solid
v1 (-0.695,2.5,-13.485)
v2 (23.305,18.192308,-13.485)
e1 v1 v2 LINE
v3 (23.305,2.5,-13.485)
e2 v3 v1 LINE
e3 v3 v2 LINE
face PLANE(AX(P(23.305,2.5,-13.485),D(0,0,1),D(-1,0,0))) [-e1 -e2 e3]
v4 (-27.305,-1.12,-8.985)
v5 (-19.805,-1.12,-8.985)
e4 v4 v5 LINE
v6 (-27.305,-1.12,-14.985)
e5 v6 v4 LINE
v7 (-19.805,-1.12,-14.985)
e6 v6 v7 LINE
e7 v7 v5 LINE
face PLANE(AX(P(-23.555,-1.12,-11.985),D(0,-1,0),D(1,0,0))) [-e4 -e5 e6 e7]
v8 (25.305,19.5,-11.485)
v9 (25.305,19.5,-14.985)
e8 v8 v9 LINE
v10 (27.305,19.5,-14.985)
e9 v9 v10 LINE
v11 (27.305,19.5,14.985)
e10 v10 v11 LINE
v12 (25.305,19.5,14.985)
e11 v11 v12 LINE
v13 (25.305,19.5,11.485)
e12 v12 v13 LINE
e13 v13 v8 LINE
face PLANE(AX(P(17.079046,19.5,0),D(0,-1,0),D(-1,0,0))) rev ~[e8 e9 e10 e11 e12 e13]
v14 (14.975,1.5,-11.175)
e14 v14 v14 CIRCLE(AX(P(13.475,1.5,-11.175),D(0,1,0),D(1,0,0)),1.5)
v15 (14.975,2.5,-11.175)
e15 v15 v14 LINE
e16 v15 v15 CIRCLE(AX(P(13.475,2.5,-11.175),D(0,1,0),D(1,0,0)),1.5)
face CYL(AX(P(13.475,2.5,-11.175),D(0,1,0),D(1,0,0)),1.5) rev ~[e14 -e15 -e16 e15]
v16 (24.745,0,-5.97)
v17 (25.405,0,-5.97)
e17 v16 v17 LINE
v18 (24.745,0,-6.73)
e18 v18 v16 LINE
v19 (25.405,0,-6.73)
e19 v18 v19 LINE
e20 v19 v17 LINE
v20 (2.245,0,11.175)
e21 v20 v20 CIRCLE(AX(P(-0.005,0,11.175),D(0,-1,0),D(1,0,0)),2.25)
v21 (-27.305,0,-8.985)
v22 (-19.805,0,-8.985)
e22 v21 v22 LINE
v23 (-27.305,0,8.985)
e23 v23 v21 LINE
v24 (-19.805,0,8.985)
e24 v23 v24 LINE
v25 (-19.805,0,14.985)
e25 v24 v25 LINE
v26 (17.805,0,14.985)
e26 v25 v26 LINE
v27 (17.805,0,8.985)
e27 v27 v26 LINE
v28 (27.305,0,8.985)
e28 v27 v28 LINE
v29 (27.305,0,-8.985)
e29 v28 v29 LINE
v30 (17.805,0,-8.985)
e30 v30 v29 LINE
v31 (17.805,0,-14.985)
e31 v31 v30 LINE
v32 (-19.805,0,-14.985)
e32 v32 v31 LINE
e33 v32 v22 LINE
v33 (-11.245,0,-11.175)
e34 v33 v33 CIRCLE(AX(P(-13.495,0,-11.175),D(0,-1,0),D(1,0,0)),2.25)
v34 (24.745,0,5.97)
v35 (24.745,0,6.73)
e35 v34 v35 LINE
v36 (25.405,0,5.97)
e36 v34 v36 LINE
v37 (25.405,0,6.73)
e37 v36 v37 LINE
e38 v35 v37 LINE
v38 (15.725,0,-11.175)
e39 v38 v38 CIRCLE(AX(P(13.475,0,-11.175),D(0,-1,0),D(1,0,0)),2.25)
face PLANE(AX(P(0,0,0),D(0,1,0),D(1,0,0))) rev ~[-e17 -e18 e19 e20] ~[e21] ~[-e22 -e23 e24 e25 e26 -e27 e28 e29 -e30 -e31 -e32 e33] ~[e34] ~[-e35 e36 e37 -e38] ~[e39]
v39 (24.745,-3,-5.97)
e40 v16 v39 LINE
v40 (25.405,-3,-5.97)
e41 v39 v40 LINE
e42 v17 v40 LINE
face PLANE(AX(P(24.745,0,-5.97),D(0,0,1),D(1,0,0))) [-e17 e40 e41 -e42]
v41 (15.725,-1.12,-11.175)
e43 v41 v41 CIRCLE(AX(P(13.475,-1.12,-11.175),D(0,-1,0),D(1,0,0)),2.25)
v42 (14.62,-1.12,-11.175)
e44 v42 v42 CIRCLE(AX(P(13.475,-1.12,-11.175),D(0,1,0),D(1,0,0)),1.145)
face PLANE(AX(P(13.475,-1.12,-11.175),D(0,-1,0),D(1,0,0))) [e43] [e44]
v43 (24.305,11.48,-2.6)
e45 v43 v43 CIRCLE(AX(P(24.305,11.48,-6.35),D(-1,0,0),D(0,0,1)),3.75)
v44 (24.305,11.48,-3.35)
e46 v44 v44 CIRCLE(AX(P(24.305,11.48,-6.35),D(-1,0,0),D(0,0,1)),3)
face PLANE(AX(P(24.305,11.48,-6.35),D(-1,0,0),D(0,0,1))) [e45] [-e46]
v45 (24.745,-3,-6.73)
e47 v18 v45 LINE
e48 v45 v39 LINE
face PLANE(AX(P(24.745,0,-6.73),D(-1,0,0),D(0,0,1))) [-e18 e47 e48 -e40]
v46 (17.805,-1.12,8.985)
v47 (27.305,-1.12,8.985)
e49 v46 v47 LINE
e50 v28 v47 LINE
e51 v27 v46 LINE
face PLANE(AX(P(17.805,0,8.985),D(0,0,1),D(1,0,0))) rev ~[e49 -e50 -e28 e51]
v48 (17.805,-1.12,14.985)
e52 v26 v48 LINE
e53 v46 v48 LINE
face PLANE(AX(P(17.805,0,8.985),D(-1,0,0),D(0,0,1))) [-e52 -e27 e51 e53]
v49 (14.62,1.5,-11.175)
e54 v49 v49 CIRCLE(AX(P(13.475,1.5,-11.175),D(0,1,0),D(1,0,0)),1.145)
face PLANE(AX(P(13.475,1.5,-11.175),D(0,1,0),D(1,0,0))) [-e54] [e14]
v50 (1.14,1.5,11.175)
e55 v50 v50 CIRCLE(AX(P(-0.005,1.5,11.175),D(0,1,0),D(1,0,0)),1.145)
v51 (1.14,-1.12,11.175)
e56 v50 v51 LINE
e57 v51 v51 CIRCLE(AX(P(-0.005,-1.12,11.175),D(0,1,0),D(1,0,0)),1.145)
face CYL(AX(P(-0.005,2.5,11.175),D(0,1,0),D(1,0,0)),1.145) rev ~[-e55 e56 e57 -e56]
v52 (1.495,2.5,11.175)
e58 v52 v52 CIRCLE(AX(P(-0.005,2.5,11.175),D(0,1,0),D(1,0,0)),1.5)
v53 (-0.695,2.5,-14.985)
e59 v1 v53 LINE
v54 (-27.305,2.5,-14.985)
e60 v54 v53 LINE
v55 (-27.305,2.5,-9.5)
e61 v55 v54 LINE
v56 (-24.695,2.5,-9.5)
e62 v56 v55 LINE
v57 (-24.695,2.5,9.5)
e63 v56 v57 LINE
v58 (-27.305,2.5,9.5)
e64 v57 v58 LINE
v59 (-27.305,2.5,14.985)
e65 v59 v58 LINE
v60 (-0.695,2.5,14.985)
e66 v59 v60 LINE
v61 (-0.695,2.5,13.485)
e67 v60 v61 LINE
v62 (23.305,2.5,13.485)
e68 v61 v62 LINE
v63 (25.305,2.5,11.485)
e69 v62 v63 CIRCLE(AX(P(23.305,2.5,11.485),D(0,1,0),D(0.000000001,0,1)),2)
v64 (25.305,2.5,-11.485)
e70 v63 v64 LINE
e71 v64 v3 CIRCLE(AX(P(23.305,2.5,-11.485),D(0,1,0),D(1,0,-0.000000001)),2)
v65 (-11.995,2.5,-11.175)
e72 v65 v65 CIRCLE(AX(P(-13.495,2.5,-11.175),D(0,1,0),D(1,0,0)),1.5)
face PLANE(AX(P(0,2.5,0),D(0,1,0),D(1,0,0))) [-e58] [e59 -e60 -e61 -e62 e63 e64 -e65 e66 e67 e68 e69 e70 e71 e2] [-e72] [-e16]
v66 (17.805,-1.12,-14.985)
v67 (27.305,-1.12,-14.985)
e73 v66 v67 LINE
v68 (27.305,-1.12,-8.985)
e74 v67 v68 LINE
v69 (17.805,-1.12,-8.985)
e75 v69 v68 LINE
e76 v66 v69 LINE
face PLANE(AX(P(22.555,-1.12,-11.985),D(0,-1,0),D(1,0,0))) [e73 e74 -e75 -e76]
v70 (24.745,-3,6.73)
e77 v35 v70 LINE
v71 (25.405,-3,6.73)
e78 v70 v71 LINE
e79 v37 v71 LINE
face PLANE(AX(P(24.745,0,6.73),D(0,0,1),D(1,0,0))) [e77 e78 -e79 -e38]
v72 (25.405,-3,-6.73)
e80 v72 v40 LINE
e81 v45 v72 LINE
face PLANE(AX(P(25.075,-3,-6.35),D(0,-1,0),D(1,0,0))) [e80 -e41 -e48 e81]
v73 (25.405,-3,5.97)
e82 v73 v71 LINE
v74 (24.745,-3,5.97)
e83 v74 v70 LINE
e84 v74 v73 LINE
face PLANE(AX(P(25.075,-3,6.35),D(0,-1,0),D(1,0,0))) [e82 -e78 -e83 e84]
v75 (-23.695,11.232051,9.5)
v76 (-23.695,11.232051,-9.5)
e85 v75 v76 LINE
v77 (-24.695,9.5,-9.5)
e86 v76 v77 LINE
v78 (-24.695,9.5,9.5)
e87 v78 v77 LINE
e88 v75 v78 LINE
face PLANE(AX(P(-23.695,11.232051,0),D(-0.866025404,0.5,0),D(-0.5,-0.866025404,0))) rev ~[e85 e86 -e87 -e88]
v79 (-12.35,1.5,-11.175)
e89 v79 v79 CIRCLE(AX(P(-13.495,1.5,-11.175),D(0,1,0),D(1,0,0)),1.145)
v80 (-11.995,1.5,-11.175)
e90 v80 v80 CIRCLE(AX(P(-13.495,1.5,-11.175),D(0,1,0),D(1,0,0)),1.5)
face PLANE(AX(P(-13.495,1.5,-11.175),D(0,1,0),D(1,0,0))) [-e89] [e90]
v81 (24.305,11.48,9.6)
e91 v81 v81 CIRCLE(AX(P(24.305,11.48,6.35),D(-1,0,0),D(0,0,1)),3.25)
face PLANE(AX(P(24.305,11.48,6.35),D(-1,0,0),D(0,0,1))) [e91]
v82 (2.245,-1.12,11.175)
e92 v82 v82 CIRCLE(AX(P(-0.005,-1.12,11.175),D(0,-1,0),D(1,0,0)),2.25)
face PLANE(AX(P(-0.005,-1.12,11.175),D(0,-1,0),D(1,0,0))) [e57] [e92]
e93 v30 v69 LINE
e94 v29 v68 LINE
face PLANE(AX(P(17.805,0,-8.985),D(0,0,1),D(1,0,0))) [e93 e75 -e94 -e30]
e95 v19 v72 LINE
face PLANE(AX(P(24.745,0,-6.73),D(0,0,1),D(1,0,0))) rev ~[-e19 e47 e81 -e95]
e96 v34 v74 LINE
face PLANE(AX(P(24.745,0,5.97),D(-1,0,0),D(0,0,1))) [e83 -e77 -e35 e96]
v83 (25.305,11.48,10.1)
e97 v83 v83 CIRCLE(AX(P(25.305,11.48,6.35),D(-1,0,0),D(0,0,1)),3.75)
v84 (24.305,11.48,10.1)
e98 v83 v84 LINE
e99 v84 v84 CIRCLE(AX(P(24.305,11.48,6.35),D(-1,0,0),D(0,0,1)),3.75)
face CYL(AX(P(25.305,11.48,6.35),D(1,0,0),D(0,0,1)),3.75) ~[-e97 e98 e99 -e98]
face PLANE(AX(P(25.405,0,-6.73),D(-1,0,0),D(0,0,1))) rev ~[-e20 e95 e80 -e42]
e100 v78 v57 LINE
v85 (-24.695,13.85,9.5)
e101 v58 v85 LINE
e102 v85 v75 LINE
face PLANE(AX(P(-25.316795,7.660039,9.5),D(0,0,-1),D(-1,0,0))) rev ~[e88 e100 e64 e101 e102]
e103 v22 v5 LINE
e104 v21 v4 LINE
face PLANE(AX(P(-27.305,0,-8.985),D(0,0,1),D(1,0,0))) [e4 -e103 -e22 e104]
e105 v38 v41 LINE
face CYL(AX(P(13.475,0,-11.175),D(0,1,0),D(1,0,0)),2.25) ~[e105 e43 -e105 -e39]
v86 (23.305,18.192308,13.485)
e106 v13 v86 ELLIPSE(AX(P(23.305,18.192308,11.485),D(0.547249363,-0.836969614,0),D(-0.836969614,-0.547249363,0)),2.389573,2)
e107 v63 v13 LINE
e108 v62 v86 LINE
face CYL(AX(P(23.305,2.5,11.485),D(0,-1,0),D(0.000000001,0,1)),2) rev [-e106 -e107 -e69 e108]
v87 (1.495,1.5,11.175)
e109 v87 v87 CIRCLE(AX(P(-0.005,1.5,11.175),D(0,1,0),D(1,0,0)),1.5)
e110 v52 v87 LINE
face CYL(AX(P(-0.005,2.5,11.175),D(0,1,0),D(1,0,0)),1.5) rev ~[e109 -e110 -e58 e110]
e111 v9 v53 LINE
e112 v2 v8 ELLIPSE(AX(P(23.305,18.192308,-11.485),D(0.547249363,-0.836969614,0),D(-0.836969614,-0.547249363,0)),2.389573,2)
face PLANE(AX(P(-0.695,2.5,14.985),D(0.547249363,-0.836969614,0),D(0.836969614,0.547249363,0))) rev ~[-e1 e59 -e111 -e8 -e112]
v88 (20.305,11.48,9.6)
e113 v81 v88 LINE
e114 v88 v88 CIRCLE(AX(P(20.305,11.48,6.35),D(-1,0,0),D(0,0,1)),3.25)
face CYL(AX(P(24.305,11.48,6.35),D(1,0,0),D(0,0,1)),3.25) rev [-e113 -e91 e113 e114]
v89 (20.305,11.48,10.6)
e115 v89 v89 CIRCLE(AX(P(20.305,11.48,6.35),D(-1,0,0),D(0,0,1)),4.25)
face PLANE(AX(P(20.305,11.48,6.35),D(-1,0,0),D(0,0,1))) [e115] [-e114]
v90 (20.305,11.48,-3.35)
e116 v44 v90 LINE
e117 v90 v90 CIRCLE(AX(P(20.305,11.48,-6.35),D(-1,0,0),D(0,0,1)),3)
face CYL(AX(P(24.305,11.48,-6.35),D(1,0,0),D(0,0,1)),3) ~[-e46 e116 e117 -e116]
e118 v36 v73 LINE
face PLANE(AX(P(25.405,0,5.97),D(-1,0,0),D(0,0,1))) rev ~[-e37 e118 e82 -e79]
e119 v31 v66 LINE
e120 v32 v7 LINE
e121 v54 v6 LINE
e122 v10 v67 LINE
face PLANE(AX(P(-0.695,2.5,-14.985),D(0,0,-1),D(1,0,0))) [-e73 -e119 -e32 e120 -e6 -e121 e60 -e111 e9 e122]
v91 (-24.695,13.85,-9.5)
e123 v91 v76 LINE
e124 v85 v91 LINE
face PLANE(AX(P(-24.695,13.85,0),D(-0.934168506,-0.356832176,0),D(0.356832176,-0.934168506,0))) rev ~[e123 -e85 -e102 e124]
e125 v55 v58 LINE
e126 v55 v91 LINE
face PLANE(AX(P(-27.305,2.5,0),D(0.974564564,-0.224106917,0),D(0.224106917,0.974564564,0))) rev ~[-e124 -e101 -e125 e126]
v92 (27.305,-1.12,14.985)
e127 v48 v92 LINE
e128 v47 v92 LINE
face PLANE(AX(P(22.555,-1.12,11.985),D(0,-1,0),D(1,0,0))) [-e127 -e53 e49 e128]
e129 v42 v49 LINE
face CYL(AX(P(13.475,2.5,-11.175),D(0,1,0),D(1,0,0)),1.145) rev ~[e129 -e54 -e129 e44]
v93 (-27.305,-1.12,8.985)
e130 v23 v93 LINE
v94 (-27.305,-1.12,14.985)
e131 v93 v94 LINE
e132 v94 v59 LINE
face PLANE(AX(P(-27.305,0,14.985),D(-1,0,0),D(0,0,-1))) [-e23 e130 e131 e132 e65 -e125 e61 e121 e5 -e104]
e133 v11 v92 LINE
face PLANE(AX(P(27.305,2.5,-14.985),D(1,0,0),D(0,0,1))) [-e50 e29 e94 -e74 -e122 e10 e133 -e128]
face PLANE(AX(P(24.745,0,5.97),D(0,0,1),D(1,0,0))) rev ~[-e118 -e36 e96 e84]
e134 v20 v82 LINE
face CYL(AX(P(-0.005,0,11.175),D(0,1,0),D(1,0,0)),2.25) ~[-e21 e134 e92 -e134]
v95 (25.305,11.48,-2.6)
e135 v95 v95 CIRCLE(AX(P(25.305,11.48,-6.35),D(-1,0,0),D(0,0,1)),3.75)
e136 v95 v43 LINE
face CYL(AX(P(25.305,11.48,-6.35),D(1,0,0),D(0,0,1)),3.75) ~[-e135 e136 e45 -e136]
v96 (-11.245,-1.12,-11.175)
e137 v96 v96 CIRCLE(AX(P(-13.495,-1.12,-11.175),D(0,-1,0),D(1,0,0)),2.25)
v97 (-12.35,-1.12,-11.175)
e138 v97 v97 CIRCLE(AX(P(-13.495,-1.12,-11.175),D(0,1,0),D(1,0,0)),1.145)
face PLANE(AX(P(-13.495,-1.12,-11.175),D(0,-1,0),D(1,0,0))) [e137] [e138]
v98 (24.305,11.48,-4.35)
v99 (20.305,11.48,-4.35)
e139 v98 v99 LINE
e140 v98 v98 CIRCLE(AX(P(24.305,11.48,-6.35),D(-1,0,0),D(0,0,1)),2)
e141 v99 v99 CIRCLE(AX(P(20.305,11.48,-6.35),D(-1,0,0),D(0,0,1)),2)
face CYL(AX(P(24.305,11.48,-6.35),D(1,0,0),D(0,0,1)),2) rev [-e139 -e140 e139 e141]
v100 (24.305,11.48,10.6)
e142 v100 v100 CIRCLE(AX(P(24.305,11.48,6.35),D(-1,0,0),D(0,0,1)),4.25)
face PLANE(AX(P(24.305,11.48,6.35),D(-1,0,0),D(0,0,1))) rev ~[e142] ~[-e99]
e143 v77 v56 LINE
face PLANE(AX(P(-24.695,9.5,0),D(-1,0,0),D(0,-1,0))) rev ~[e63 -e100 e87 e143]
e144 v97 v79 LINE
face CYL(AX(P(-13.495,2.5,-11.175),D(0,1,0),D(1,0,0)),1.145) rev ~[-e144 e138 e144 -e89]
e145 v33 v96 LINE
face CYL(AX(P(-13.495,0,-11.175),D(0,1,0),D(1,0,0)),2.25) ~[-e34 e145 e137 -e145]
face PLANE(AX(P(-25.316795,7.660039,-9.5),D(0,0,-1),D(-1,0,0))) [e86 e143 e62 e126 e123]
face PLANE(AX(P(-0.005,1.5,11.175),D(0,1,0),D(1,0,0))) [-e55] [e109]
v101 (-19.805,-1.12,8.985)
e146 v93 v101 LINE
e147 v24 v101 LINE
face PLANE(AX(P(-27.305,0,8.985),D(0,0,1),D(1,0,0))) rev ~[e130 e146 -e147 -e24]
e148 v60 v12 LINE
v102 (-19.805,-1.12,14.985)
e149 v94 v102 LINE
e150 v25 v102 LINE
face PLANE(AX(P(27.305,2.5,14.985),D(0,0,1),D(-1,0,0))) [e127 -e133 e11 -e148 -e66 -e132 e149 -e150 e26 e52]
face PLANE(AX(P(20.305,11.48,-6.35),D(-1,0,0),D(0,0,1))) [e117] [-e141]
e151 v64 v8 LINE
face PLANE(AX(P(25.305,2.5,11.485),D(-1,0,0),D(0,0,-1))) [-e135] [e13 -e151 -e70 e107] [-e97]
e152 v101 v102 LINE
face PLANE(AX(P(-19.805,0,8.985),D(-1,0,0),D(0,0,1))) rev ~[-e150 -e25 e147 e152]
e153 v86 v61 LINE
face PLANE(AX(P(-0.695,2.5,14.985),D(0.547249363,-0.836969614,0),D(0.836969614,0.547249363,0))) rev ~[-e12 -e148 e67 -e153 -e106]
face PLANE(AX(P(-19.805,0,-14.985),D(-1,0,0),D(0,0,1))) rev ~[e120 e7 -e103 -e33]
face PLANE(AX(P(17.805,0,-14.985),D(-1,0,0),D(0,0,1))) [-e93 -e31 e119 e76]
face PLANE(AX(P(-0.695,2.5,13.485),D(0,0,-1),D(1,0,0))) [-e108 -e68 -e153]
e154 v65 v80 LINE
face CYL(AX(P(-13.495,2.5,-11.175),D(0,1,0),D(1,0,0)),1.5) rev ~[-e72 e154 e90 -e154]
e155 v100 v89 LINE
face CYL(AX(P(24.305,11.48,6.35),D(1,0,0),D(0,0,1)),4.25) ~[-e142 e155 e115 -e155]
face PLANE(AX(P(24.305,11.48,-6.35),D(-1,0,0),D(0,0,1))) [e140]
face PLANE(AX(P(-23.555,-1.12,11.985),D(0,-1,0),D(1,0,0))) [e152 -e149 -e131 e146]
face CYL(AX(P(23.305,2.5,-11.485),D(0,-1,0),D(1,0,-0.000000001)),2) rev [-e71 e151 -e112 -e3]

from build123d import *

# Parameters (mm, degrees)
SKETCH_1_W           = 54.61
SKETCH_1_H           = 29.97
EXTRUDE_1_DEPTH      = 2.5
EXTRUDE_2_DEPTH      = 17
CUT_EXTRUDE_1_DEPTH  = 30.97
SKETCH_4_R           = 1.145
CUT_EXTRUDE_2_DEPTH  = 3.5
SKETCH_5_R           = 2.25
SKETCH_5_W           = 7.5
SKETCH_5_H           = 6
SKETCH_5_W_2         = 9.5
EXTRUDE_3_DEPTH      = 1.12
SKETCH_6_R           = 1.145
CUT_EXTRUDE_3_DEPTH  = 4.62
SKETCH_7_R           = 1.5
CUT_EXTRUDE_4_DEPTH  = 1
EXTRUDE_4_DEPTH      = 9.5
EXTRUDE_4_DEPTH_BACK = 9.5
SKETCH_9_W           = 0.66
SKETCH_9_H           = 0.76
EXTRUDE_5_DEPTH      = 3
SKETCH_10_R          = 3.75
EXTRUDE_6_DEPTH      = 1
SKETCH_11_R          = 3
SKETCH_11_R_2        = 2
EXTRUDE_7_DEPTH      = 4
SKETCH_12_R          = 4.25
SKETCH_12_R_2        = 3.25
EXTRUDE_8_DEPTH      = 4


with BuildPart() as part:
    # Эскиз1 → Бобышка-Вытянуть1 (new body)
    with BuildSketch(Plane(origin=(0, 0, 0), x_dir=(1, 0, 0), z_dir=(0, 1, 0))):
        Rectangle(SKETCH_1_W, SKETCH_1_H)
    extrude(amount=EXTRUDE_1_DEPTH)

    # Эскиз2 → Бобышка-Вытянуть2 (add)
    with BuildSketch(Plane(origin=(0, 2.5, 0), x_dir=(1, 0, 0), z_dir=(0, 1, 0))):
        with BuildLine():
            Line((27.305, -14.985), (-0.695, -14.985))
            Line((-0.695, -14.985), (-0.695, -13.485))
            Line((-0.695, -13.485), (23.305, -13.485))
            ThreePointArc((23.305, -13.485), (24.719213562, -12.899213562), (25.305, -11.485))
            Line((25.305, -11.485), (25.305, 11.485))
            ThreePointArc((25.305, 11.485), (24.719213562, 12.899213562), (23.305, 13.485))
            Line((23.305, 13.485), (-0.695, 13.485))
            Line((-0.695, 13.485), (-0.695, 14.985))
            Line((-0.695, 14.985), (27.305, 14.985))
            Line((27.305, 14.985), (27.305, -14.985))
        make_face()
    extrude(amount=EXTRUDE_2_DEPTH)

    # Эскиз3 → Вырез-Вытянуть1 (cut, through all)
    with BuildSketch(Plane.XY.offset(14.985)):
        Polygon((-0.695, 2.5), (25.305, 19.5), (-0.695, 19.5), align=None)
    extrude(amount=-CUT_EXTRUDE_1_DEPTH, mode=Mode.SUBTRACT)

    # Эскиз4 → Вырез-Вытянуть2 (cut, through all)
    with BuildSketch(Plane(origin=(0, 2.5, 0), x_dir=(1, 0, 0), z_dir=(0, 1, 0))):
        with Locations((-13.495, 11.175)):
            Circle(SKETCH_4_R)
        with Locations((-0.005, -11.175)):
            Circle(SKETCH_4_R)
        with Locations((13.475, 11.175)):
            Circle(SKETCH_4_R)
    extrude(amount=-CUT_EXTRUDE_2_DEPTH, mode=Mode.SUBTRACT)

    # Эскиз5 → Бобышка-Вытянуть3 (add)
    with BuildSketch(Plane.XZ):
        with Locations((-0.005, 11.175)):
            Circle(SKETCH_5_R)
        with Locations((13.475, -11.175)):
            Circle(SKETCH_5_R)
        with Locations((-13.495, -11.175)):
            Circle(SKETCH_5_R)
        with Locations((-23.555, 11.985)):
            Rectangle(SKETCH_5_W, SKETCH_5_H)
        with Locations((22.555, 11.985)):
            Rectangle(SKETCH_5_W_2, SKETCH_5_H)
        with Locations((22.555, -11.985)):
            Rectangle(SKETCH_5_W_2, SKETCH_5_H)
        with Locations((-23.555, -11.985)):
            Rectangle(SKETCH_5_W, SKETCH_5_H)
    extrude(amount=EXTRUDE_3_DEPTH)

    # Эскиз6 → Вырез-Вытянуть3 (cut, through all)
    with BuildSketch(Plane(origin=(0, 2.5, 0), x_dir=(1, 0, 0), z_dir=(0, 1, 0))):
        with Locations((-13.495, 11.175)):
            Circle(SKETCH_6_R)
        with Locations((13.475, 11.175)):
            Circle(SKETCH_6_R)
        with Locations((-0.005, -11.175)):
            Circle(SKETCH_6_R)
    extrude(amount=-CUT_EXTRUDE_3_DEPTH, mode=Mode.SUBTRACT)

    # Эскиз7 → Вырез-Вытянуть4 (cut)
    with BuildSketch(Plane(origin=(0, 2.5, 0), x_dir=(1, 0, 0), z_dir=(0, 1, 0))):
        with Locations((-13.495, 11.175)):
            Circle(SKETCH_7_R)
        with Locations((13.475, 11.175)):
            Circle(SKETCH_7_R)
        with Locations((-0.005, -11.175)):
            Circle(SKETCH_7_R)
    extrude(amount=-CUT_EXTRUDE_4_DEPTH, mode=Mode.SUBTRACT)

    # Эскиз8 → Бобышка-Вытянуть4 (add, two sides)
    with BuildSketch(Plane.XY) as extrude_4_sk:
        Polygon((-27.305, 2.5), (-24.695, 13.85), (-23.695, 11.232050808), (-24.695, 9.5), (-24.695, 2.5), align=None)
    extrude(amount=EXTRUDE_4_DEPTH)
    extrude(extrude_4_sk.sketch, amount=-EXTRUDE_4_DEPTH_BACK)

    # Эскиз9 → Бобышка-Вытянуть5 (add)
    with BuildSketch(Plane.XZ):
        with Locations((25.075, 6.35)):
            Rectangle(SKETCH_9_W, SKETCH_9_H)
        with Locations((25.075, -6.35)):
            Rectangle(SKETCH_9_W, SKETCH_9_H)
    extrude(amount=EXTRUDE_5_DEPTH)

    # Эскиз10 → Бобышка-Вытянуть6 (add)
    with BuildSketch(Plane.ZY.offset(-25.305)):
        with Locations((-6.35, 11.48)):
            Circle(SKETCH_10_R)
        with Locations((6.35, 11.48)):
            Circle(SKETCH_10_R)
    extrude(amount=EXTRUDE_6_DEPTH)

    # Эскиз11 → Бобышка-Вытянуть7 (add)
    with BuildSketch(Plane.ZY.offset(-24.305)):
        with Locations((-6.35, 11.48)):
            Circle(SKETCH_11_R)
        with Locations((-6.35, 11.48)):
            Circle(SKETCH_11_R_2, mode=Mode.SUBTRACT)
    extrude(amount=EXTRUDE_7_DEPTH)

    # Эскиз12 → Бобышка-Вытянуть8 (add)
    with BuildSketch(Plane.ZY.offset(-24.305)):
        with Locations((6.35, 11.48)):
            Circle(SKETCH_12_R)
        with Locations((6.35, 11.48)):
            Circle(SKETCH_12_R_2, mode=Mode.SUBTRACT)
    extrude(amount=EXTRUDE_8_DEPTH)


solid = part.part
